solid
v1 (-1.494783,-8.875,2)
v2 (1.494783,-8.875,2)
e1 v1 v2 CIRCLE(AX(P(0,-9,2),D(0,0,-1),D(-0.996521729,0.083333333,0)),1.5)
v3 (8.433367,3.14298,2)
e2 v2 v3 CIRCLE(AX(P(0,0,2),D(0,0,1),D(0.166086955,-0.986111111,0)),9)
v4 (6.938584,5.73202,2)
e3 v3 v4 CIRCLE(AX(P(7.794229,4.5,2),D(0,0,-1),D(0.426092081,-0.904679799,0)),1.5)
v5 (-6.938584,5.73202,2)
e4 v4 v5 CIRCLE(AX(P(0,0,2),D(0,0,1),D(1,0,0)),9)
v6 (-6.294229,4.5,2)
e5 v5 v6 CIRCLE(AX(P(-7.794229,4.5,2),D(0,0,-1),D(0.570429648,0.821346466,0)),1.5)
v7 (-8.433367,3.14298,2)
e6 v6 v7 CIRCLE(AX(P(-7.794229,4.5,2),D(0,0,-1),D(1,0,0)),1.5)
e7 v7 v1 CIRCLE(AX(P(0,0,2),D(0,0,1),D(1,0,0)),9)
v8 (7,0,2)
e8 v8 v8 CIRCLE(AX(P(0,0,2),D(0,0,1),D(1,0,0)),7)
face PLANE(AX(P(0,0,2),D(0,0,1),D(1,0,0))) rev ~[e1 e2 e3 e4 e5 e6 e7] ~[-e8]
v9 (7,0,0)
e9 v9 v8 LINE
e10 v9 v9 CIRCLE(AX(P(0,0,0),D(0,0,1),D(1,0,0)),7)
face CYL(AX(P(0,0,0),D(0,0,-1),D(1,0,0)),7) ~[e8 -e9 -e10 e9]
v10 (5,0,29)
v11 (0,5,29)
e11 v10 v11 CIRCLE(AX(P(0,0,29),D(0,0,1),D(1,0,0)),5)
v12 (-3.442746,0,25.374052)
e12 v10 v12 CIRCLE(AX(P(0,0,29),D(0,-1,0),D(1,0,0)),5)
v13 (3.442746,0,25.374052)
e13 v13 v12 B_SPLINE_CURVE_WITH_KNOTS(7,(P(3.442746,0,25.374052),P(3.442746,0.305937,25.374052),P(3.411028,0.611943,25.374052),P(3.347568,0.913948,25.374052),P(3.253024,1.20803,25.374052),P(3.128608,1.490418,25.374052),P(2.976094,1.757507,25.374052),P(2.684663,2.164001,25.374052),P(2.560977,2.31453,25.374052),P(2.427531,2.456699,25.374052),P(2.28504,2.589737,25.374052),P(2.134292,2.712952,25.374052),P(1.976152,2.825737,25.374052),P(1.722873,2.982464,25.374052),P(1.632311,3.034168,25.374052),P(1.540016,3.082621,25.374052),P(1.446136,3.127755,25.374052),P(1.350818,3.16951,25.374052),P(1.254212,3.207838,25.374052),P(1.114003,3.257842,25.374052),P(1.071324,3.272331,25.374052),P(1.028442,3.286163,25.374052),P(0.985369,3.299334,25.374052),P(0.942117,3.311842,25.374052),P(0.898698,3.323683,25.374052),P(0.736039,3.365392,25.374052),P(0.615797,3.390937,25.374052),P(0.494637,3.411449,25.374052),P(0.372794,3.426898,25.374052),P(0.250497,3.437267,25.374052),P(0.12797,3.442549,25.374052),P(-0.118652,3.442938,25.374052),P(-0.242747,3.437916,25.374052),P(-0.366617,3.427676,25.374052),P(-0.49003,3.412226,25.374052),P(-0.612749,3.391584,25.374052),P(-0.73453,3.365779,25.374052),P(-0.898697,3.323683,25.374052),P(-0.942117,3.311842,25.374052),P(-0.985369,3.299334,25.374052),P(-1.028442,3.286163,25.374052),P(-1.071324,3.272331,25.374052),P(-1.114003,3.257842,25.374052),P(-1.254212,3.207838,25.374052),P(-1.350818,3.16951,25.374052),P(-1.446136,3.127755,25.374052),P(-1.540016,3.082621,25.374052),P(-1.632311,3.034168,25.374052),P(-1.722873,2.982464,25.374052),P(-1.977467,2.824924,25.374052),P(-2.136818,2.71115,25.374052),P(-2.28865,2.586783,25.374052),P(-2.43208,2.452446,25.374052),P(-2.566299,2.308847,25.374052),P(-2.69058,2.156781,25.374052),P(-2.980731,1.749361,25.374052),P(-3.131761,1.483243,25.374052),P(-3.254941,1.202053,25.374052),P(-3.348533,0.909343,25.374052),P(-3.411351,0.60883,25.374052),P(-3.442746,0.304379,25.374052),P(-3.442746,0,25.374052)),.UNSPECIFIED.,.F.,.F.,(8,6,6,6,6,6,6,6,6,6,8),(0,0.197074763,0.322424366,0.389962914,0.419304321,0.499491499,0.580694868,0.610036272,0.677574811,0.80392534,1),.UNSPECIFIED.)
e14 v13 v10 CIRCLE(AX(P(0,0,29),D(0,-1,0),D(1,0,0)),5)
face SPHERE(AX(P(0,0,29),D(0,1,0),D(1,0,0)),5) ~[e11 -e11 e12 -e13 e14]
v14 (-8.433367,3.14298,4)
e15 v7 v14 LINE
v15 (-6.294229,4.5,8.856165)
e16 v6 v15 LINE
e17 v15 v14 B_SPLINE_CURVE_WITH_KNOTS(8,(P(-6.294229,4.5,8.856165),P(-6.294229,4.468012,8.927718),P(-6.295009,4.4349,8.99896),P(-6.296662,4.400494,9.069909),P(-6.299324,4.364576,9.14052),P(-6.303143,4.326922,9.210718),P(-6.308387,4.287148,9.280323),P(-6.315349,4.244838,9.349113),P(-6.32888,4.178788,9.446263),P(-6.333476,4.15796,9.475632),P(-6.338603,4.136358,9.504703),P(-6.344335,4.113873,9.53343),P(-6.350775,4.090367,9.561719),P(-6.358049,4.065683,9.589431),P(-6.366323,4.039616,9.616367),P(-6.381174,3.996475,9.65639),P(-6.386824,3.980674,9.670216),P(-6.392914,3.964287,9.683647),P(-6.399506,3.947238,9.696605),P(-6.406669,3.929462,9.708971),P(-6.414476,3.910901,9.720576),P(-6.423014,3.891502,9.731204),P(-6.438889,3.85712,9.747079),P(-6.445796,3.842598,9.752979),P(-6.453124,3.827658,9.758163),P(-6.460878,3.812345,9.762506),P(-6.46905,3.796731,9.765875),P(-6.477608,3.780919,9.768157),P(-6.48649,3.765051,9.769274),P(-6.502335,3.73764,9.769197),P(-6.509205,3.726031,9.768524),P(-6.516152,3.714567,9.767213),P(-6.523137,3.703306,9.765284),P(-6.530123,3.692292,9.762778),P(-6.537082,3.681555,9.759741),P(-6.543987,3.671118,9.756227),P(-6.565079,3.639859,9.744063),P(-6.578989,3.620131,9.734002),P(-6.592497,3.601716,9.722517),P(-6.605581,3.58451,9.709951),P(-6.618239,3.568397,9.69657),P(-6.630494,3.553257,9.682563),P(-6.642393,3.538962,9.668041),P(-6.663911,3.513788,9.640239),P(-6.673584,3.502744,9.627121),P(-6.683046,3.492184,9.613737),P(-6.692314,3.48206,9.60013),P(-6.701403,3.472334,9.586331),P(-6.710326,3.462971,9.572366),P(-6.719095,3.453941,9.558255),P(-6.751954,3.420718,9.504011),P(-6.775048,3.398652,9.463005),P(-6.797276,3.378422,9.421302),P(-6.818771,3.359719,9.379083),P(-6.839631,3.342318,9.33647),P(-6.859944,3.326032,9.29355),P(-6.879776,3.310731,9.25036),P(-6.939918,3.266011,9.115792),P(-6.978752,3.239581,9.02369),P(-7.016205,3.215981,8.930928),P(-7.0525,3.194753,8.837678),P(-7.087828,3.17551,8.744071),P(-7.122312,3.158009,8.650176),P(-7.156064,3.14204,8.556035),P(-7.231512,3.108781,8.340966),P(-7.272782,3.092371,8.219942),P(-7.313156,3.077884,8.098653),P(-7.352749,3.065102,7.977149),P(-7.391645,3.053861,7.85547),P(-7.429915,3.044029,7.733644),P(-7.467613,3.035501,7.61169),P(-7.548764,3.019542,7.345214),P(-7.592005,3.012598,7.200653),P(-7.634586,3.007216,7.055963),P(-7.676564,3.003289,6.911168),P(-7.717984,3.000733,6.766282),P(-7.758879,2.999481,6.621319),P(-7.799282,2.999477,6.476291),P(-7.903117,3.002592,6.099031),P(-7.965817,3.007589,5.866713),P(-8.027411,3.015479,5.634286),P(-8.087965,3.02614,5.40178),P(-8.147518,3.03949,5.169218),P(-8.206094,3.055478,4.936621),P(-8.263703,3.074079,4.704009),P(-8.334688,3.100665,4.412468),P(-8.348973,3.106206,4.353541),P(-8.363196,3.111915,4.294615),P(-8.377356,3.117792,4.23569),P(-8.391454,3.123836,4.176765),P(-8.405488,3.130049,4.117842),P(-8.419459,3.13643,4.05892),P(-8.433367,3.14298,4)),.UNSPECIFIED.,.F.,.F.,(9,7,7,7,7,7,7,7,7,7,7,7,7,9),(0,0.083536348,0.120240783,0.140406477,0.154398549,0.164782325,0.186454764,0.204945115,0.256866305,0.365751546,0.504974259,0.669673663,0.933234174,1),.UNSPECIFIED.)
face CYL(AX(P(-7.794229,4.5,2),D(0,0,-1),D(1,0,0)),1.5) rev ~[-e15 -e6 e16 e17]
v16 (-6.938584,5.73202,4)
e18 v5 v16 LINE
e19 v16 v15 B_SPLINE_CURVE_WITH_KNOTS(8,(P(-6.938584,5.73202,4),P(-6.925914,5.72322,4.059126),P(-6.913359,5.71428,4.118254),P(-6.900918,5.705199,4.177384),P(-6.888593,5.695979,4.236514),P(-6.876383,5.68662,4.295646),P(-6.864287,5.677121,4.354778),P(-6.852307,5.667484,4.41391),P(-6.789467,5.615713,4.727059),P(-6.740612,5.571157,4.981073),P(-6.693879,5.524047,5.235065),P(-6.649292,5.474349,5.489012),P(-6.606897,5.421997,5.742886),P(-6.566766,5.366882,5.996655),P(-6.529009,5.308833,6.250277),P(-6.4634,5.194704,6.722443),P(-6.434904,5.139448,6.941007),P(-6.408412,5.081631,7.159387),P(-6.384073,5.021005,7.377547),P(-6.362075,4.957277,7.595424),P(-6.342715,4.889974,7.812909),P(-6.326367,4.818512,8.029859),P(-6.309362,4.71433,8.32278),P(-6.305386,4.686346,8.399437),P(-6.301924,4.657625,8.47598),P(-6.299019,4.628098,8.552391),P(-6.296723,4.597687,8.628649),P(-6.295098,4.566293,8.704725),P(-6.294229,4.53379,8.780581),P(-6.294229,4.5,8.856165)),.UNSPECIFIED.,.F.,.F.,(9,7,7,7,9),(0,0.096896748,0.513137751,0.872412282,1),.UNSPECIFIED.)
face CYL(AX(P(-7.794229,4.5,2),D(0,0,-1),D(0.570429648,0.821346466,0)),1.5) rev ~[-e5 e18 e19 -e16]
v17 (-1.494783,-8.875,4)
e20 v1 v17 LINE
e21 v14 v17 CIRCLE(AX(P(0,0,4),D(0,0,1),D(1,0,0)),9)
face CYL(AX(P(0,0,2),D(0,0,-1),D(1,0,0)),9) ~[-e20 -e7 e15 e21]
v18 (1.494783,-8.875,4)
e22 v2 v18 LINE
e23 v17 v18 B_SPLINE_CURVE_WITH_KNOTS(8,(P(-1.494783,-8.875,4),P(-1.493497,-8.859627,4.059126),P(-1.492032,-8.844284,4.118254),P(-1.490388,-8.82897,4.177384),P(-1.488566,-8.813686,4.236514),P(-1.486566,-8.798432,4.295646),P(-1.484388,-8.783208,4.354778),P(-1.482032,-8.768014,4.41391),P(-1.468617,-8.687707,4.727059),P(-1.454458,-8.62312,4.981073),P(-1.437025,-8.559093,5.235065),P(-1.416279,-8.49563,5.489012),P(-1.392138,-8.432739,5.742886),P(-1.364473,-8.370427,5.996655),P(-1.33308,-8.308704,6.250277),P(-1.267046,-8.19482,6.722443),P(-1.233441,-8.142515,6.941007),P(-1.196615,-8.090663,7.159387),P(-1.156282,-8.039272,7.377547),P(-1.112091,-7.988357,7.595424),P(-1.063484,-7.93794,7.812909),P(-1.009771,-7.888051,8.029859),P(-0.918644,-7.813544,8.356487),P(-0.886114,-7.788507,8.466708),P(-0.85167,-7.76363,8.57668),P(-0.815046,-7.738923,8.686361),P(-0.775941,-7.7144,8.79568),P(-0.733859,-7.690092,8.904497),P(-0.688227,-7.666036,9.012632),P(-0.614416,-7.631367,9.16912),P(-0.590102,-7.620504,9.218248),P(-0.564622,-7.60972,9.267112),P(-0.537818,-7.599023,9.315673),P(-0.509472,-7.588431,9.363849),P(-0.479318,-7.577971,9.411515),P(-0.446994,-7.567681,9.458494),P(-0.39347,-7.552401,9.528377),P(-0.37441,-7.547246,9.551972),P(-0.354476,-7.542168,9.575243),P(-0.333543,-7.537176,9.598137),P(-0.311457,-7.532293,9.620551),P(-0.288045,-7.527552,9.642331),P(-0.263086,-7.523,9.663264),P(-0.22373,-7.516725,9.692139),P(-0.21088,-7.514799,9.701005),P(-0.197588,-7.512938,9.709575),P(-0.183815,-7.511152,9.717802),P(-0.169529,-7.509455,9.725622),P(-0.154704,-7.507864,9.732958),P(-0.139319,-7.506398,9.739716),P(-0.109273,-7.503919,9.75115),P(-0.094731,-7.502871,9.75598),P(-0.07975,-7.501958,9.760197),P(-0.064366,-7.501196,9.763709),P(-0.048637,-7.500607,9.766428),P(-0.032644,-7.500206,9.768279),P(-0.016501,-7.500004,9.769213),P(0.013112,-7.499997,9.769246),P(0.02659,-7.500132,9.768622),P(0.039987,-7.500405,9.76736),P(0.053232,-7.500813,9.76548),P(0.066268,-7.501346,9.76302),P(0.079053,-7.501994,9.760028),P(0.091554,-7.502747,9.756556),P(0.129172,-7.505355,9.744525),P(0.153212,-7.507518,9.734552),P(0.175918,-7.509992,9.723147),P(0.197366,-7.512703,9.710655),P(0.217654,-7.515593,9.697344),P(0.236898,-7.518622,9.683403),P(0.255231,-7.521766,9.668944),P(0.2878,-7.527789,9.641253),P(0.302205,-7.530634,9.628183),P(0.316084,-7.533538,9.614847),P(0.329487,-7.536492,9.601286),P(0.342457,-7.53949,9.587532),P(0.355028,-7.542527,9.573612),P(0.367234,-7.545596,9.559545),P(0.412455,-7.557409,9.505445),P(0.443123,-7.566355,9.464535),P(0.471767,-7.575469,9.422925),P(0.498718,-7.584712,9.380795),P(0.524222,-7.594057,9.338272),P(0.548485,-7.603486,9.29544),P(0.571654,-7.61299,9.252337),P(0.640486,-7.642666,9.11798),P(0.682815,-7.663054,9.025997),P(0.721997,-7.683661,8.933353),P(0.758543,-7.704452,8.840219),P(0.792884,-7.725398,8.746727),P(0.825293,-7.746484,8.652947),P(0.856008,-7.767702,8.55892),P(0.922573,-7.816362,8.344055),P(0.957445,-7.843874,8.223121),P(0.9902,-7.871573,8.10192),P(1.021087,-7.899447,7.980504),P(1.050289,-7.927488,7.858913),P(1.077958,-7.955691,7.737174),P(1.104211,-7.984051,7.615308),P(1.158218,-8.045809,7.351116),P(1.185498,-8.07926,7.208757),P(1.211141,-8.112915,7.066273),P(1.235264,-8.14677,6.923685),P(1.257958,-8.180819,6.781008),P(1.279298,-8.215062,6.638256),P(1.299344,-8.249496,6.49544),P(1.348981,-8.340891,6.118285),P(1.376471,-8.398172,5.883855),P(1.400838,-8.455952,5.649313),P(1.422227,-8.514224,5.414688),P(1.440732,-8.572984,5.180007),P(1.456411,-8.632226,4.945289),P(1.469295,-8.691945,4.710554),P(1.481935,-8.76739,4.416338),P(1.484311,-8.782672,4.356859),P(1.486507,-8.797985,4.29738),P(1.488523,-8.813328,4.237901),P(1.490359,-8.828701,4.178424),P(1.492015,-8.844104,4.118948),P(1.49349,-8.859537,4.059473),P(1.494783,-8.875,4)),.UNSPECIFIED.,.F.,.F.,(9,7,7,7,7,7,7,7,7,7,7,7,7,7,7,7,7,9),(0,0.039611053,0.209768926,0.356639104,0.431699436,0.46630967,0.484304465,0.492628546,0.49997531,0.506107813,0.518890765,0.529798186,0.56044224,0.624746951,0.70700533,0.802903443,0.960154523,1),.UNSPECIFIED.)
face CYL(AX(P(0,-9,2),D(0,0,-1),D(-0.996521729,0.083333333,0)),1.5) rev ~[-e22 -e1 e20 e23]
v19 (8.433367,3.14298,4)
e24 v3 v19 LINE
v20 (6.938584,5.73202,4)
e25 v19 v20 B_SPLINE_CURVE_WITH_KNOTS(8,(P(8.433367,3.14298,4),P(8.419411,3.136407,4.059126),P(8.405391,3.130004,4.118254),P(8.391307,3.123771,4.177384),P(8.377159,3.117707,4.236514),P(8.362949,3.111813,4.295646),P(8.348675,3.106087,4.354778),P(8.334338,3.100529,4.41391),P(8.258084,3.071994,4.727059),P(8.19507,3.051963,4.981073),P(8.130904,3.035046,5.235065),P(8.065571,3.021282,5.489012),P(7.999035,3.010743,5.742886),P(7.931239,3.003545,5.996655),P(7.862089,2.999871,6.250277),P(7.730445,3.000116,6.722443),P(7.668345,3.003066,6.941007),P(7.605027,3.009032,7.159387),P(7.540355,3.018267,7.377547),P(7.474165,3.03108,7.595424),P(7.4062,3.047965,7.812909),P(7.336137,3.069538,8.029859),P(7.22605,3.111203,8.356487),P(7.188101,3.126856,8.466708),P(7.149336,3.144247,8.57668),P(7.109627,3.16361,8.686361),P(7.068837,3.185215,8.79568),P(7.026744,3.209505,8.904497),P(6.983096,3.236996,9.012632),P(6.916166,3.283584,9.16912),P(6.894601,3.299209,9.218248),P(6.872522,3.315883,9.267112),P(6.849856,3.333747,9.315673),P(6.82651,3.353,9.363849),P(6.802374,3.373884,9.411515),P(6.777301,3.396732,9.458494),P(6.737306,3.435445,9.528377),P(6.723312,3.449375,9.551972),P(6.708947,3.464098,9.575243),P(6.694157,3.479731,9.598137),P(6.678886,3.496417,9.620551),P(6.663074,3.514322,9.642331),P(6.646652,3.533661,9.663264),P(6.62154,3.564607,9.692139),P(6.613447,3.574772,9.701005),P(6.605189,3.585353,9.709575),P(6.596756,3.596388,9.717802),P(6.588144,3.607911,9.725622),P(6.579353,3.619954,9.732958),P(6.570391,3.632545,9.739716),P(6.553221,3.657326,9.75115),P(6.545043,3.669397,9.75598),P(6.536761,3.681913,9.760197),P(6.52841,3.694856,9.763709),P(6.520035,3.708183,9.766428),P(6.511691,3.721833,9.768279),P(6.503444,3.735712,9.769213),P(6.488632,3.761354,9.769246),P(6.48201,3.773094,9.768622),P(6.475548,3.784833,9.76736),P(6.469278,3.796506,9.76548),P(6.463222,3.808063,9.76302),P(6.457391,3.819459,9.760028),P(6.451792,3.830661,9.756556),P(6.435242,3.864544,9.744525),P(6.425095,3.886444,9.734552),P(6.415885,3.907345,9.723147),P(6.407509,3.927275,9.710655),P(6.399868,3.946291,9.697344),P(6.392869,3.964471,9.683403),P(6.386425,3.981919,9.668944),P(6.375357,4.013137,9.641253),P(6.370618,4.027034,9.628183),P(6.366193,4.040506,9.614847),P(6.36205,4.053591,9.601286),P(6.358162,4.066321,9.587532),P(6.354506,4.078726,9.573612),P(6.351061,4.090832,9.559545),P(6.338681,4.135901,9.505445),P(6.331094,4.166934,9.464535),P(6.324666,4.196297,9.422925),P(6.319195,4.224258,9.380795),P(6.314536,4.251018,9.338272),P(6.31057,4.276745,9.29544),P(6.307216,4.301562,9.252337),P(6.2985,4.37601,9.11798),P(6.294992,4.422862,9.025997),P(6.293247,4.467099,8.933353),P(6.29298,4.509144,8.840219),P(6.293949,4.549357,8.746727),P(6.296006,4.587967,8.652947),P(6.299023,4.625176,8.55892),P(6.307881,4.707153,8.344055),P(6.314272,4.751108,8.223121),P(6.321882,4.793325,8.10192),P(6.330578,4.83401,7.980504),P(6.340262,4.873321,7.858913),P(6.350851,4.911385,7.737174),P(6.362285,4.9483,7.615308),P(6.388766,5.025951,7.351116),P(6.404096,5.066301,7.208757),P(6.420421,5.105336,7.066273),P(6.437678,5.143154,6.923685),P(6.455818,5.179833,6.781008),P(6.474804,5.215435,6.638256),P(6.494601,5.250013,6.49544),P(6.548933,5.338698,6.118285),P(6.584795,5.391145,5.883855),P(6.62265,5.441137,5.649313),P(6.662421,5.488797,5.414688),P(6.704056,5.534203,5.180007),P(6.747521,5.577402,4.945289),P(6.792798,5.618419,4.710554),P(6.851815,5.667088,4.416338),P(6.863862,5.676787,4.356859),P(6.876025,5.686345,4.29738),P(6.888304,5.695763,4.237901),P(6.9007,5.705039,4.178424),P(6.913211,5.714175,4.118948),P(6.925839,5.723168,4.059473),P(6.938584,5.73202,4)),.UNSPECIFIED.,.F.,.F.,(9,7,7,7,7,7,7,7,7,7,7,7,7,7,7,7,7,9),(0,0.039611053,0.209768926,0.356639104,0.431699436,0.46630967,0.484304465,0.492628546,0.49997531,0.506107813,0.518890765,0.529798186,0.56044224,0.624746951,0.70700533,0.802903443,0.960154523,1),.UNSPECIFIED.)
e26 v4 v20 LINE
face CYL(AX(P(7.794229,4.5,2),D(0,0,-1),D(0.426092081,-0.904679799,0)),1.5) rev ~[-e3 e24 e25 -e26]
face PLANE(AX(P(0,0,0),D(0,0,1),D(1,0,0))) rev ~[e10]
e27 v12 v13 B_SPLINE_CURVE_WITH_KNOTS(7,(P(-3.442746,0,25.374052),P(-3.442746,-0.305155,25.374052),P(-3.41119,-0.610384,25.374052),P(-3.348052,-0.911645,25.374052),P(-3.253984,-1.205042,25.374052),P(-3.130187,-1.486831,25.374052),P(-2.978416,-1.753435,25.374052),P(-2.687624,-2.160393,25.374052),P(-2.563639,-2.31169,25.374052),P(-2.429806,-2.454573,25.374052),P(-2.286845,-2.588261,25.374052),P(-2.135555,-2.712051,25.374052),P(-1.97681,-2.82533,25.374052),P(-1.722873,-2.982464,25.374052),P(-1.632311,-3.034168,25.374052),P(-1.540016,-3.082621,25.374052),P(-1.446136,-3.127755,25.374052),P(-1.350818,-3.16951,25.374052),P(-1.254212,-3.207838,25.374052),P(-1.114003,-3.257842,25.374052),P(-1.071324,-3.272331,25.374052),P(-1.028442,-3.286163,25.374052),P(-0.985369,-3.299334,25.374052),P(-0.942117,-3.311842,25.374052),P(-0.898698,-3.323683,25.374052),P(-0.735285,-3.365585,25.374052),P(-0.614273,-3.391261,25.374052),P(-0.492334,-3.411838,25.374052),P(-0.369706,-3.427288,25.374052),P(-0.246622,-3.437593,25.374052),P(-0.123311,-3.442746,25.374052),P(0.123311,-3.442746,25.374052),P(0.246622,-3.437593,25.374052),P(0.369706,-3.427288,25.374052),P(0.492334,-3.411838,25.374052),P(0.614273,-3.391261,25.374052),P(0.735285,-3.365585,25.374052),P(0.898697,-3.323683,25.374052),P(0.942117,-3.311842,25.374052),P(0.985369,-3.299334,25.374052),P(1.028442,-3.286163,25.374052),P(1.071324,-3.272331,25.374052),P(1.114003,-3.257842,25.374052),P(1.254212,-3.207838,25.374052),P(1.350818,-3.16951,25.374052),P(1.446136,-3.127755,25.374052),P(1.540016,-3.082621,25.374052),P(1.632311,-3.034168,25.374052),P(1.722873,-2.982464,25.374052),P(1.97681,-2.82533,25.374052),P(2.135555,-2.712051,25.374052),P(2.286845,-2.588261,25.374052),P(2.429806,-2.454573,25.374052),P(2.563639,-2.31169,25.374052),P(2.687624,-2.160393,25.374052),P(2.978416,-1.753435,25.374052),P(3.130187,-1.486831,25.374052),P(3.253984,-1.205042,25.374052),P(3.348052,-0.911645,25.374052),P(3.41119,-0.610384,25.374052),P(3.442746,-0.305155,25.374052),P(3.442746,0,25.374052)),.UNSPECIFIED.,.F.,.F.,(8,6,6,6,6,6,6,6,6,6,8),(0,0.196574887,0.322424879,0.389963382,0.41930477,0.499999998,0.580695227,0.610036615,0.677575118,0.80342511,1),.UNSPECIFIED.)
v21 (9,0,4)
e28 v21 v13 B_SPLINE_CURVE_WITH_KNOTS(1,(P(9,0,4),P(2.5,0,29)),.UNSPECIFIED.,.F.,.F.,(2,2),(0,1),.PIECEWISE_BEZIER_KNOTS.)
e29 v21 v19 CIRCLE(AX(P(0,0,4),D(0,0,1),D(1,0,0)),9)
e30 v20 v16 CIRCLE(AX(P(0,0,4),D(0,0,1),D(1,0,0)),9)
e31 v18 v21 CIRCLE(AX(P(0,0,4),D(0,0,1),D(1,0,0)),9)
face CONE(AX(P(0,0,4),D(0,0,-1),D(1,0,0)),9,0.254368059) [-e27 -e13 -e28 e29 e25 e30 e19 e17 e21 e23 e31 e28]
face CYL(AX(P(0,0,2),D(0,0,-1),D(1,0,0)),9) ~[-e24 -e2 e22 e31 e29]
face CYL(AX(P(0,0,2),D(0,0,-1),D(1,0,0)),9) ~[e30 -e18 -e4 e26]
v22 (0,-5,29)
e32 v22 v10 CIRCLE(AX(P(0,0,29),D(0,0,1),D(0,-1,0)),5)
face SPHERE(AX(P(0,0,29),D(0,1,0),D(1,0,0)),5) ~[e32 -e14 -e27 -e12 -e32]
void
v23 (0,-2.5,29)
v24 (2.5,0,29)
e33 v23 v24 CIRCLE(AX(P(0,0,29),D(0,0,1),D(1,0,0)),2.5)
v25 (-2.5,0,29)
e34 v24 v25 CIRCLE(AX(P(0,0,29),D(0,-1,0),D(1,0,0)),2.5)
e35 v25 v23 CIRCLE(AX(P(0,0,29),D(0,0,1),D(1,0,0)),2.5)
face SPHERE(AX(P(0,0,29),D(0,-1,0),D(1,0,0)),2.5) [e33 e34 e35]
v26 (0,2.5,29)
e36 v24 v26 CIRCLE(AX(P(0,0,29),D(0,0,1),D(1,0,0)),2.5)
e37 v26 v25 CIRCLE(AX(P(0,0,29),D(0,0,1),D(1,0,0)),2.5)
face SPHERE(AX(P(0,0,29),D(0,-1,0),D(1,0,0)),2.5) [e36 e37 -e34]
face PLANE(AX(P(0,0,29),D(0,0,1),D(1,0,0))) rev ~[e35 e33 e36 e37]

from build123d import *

# Parameters (mm, degrees)
F0_R      = 7
F1_DEPTH  = 2
F2_R      = 9
F2_R_2    = 7
F3_DEPTH  = 2
F3_FACE_R = 9
F5_R      = 2.5
F10_DEPTH = 32.001


with BuildPart() as f1:
    # F0 (on Top) → F1 (new body)
    with BuildSketch(Plane.XY):
        Circle(F0_R)
    extrude(amount=F1_DEPTH)

    # F2 (on face) → F3 (join)
    with BuildSketch(Plane.XY.offset(2)):
        Circle(F2_R)
        Circle(F2_R_2, mode=Mode.SUBTRACT)
        Circle(F2_R_2)
    extrude(amount=F3_DEPTH)

    # F3_face (on face) → F6 section 0
    with BuildSketch(Plane.XY.offset(4)):
        Circle(F3_FACE_R)
    # F5 (on offset) → F6 section 1
    with BuildSketch(Plane.XY.offset(29)):
        Circle(F5_R)
    loft()

    # F7 (on face) → F8 (revolve)
    with BuildSketch(Plane.XY.offset(29)):
        with BuildLine():
            ThreePointArc((0, -5), (3.5355339059, -3.5355339059), (5, 0))
            ThreePointArc((5, 0), (3.5355339059, 3.5355339059), (0, 5))
            Line((0, 5), (0, 2.5))
            ThreePointArc((0, 2.5), (1.767766953, 1.767766953), (2.5, 0))
            ThreePointArc((2.5, 0), (1.767766953, -1.767766953), (0, -2.5))
            Line((0, -2.5), (0, -5))
        make_face()
    revolve(axis=Axis((0, 0, 29), (0, -1, 0)))

    # F9 (on face) → F10 (cut, through all)
    with BuildSketch(Plane(origin=(0, 0, 2), x_dir=(1, 0, 0), z_dir=(0, 0, -1))):
        with BuildLine():
            ThreePointArc((1.4947825929, 8.875), (0, 9), (-1.4947825929, 8.875))
            ThreePointArc((-1.4947825929, 8.875), (0, 7.5), (1.4947825929, 8.875))
        make_face()
        with BuildLine():
            ThreePointArc((1.4947825929, 8.875), (1.4986950806, 8.937445581), (1.5, 9))
            ThreePointArc((1.5, 9), (-0.062554419, 10.4986950806), (-1.4947825929, 8.875))
            ThreePointArc((-1.4947825929, 8.875), (0, 9), (1.4947825929, 8.875))
        make_face()
        with BuildLine():
            ThreePointArc((6.9385841621, -5.7320196986), (7.7942286341, -4.5), (8.433366755, -3.1429803014))
            ThreePointArc((8.433366755, -3.1429803014), (6.4951905284, -3.75), (6.9385841621, -5.7320196986))
        make_face()
        with BuildLine():
            ThreePointArc((9.2942286341, -4.5), (9.0608594369, -3.6964787437), (8.433366755, -3.1429803014))
            ThreePointArc((8.433366755, -3.1429803014), (7.7942286341, -4.5), (6.9385841621, -5.7320196986))
            ThreePointArc((6.9385841621, -5.7320196986), (8.4894024584, -5.8291852218), (9.2942286341, -4.5))
        make_face()
        with BuildLine():
            ThreePointArc((-6.2942286341, -4.5), (-6.9907073778, -3.2333691972), (-8.433366755, -3.1429803014))
            ThreePointArc((-8.433366755, -3.1429803014), (-7.7942286341, -4.5), (-6.9385841621, -5.7320196986))
            ThreePointArc((-6.9385841621, -5.7320196986), (-6.4650434122, -5.1951738244), (-6.2942286341, -4.5))
        make_face()
        with BuildLine():
            ThreePointArc((-6.9385841621, -5.7320196986), (-7.7942286341, -4.5), (-8.433366755, -3.1429803014))
            ThreePointArc((-8.433366755, -3.1429803014), (-9.0932667397, -5.25), (-6.9385841621, -5.7320196986))
        make_face()
    extrude(amount=-F10_DEPTH, mode=Mode.SUBTRACT)


solid = f1.part
